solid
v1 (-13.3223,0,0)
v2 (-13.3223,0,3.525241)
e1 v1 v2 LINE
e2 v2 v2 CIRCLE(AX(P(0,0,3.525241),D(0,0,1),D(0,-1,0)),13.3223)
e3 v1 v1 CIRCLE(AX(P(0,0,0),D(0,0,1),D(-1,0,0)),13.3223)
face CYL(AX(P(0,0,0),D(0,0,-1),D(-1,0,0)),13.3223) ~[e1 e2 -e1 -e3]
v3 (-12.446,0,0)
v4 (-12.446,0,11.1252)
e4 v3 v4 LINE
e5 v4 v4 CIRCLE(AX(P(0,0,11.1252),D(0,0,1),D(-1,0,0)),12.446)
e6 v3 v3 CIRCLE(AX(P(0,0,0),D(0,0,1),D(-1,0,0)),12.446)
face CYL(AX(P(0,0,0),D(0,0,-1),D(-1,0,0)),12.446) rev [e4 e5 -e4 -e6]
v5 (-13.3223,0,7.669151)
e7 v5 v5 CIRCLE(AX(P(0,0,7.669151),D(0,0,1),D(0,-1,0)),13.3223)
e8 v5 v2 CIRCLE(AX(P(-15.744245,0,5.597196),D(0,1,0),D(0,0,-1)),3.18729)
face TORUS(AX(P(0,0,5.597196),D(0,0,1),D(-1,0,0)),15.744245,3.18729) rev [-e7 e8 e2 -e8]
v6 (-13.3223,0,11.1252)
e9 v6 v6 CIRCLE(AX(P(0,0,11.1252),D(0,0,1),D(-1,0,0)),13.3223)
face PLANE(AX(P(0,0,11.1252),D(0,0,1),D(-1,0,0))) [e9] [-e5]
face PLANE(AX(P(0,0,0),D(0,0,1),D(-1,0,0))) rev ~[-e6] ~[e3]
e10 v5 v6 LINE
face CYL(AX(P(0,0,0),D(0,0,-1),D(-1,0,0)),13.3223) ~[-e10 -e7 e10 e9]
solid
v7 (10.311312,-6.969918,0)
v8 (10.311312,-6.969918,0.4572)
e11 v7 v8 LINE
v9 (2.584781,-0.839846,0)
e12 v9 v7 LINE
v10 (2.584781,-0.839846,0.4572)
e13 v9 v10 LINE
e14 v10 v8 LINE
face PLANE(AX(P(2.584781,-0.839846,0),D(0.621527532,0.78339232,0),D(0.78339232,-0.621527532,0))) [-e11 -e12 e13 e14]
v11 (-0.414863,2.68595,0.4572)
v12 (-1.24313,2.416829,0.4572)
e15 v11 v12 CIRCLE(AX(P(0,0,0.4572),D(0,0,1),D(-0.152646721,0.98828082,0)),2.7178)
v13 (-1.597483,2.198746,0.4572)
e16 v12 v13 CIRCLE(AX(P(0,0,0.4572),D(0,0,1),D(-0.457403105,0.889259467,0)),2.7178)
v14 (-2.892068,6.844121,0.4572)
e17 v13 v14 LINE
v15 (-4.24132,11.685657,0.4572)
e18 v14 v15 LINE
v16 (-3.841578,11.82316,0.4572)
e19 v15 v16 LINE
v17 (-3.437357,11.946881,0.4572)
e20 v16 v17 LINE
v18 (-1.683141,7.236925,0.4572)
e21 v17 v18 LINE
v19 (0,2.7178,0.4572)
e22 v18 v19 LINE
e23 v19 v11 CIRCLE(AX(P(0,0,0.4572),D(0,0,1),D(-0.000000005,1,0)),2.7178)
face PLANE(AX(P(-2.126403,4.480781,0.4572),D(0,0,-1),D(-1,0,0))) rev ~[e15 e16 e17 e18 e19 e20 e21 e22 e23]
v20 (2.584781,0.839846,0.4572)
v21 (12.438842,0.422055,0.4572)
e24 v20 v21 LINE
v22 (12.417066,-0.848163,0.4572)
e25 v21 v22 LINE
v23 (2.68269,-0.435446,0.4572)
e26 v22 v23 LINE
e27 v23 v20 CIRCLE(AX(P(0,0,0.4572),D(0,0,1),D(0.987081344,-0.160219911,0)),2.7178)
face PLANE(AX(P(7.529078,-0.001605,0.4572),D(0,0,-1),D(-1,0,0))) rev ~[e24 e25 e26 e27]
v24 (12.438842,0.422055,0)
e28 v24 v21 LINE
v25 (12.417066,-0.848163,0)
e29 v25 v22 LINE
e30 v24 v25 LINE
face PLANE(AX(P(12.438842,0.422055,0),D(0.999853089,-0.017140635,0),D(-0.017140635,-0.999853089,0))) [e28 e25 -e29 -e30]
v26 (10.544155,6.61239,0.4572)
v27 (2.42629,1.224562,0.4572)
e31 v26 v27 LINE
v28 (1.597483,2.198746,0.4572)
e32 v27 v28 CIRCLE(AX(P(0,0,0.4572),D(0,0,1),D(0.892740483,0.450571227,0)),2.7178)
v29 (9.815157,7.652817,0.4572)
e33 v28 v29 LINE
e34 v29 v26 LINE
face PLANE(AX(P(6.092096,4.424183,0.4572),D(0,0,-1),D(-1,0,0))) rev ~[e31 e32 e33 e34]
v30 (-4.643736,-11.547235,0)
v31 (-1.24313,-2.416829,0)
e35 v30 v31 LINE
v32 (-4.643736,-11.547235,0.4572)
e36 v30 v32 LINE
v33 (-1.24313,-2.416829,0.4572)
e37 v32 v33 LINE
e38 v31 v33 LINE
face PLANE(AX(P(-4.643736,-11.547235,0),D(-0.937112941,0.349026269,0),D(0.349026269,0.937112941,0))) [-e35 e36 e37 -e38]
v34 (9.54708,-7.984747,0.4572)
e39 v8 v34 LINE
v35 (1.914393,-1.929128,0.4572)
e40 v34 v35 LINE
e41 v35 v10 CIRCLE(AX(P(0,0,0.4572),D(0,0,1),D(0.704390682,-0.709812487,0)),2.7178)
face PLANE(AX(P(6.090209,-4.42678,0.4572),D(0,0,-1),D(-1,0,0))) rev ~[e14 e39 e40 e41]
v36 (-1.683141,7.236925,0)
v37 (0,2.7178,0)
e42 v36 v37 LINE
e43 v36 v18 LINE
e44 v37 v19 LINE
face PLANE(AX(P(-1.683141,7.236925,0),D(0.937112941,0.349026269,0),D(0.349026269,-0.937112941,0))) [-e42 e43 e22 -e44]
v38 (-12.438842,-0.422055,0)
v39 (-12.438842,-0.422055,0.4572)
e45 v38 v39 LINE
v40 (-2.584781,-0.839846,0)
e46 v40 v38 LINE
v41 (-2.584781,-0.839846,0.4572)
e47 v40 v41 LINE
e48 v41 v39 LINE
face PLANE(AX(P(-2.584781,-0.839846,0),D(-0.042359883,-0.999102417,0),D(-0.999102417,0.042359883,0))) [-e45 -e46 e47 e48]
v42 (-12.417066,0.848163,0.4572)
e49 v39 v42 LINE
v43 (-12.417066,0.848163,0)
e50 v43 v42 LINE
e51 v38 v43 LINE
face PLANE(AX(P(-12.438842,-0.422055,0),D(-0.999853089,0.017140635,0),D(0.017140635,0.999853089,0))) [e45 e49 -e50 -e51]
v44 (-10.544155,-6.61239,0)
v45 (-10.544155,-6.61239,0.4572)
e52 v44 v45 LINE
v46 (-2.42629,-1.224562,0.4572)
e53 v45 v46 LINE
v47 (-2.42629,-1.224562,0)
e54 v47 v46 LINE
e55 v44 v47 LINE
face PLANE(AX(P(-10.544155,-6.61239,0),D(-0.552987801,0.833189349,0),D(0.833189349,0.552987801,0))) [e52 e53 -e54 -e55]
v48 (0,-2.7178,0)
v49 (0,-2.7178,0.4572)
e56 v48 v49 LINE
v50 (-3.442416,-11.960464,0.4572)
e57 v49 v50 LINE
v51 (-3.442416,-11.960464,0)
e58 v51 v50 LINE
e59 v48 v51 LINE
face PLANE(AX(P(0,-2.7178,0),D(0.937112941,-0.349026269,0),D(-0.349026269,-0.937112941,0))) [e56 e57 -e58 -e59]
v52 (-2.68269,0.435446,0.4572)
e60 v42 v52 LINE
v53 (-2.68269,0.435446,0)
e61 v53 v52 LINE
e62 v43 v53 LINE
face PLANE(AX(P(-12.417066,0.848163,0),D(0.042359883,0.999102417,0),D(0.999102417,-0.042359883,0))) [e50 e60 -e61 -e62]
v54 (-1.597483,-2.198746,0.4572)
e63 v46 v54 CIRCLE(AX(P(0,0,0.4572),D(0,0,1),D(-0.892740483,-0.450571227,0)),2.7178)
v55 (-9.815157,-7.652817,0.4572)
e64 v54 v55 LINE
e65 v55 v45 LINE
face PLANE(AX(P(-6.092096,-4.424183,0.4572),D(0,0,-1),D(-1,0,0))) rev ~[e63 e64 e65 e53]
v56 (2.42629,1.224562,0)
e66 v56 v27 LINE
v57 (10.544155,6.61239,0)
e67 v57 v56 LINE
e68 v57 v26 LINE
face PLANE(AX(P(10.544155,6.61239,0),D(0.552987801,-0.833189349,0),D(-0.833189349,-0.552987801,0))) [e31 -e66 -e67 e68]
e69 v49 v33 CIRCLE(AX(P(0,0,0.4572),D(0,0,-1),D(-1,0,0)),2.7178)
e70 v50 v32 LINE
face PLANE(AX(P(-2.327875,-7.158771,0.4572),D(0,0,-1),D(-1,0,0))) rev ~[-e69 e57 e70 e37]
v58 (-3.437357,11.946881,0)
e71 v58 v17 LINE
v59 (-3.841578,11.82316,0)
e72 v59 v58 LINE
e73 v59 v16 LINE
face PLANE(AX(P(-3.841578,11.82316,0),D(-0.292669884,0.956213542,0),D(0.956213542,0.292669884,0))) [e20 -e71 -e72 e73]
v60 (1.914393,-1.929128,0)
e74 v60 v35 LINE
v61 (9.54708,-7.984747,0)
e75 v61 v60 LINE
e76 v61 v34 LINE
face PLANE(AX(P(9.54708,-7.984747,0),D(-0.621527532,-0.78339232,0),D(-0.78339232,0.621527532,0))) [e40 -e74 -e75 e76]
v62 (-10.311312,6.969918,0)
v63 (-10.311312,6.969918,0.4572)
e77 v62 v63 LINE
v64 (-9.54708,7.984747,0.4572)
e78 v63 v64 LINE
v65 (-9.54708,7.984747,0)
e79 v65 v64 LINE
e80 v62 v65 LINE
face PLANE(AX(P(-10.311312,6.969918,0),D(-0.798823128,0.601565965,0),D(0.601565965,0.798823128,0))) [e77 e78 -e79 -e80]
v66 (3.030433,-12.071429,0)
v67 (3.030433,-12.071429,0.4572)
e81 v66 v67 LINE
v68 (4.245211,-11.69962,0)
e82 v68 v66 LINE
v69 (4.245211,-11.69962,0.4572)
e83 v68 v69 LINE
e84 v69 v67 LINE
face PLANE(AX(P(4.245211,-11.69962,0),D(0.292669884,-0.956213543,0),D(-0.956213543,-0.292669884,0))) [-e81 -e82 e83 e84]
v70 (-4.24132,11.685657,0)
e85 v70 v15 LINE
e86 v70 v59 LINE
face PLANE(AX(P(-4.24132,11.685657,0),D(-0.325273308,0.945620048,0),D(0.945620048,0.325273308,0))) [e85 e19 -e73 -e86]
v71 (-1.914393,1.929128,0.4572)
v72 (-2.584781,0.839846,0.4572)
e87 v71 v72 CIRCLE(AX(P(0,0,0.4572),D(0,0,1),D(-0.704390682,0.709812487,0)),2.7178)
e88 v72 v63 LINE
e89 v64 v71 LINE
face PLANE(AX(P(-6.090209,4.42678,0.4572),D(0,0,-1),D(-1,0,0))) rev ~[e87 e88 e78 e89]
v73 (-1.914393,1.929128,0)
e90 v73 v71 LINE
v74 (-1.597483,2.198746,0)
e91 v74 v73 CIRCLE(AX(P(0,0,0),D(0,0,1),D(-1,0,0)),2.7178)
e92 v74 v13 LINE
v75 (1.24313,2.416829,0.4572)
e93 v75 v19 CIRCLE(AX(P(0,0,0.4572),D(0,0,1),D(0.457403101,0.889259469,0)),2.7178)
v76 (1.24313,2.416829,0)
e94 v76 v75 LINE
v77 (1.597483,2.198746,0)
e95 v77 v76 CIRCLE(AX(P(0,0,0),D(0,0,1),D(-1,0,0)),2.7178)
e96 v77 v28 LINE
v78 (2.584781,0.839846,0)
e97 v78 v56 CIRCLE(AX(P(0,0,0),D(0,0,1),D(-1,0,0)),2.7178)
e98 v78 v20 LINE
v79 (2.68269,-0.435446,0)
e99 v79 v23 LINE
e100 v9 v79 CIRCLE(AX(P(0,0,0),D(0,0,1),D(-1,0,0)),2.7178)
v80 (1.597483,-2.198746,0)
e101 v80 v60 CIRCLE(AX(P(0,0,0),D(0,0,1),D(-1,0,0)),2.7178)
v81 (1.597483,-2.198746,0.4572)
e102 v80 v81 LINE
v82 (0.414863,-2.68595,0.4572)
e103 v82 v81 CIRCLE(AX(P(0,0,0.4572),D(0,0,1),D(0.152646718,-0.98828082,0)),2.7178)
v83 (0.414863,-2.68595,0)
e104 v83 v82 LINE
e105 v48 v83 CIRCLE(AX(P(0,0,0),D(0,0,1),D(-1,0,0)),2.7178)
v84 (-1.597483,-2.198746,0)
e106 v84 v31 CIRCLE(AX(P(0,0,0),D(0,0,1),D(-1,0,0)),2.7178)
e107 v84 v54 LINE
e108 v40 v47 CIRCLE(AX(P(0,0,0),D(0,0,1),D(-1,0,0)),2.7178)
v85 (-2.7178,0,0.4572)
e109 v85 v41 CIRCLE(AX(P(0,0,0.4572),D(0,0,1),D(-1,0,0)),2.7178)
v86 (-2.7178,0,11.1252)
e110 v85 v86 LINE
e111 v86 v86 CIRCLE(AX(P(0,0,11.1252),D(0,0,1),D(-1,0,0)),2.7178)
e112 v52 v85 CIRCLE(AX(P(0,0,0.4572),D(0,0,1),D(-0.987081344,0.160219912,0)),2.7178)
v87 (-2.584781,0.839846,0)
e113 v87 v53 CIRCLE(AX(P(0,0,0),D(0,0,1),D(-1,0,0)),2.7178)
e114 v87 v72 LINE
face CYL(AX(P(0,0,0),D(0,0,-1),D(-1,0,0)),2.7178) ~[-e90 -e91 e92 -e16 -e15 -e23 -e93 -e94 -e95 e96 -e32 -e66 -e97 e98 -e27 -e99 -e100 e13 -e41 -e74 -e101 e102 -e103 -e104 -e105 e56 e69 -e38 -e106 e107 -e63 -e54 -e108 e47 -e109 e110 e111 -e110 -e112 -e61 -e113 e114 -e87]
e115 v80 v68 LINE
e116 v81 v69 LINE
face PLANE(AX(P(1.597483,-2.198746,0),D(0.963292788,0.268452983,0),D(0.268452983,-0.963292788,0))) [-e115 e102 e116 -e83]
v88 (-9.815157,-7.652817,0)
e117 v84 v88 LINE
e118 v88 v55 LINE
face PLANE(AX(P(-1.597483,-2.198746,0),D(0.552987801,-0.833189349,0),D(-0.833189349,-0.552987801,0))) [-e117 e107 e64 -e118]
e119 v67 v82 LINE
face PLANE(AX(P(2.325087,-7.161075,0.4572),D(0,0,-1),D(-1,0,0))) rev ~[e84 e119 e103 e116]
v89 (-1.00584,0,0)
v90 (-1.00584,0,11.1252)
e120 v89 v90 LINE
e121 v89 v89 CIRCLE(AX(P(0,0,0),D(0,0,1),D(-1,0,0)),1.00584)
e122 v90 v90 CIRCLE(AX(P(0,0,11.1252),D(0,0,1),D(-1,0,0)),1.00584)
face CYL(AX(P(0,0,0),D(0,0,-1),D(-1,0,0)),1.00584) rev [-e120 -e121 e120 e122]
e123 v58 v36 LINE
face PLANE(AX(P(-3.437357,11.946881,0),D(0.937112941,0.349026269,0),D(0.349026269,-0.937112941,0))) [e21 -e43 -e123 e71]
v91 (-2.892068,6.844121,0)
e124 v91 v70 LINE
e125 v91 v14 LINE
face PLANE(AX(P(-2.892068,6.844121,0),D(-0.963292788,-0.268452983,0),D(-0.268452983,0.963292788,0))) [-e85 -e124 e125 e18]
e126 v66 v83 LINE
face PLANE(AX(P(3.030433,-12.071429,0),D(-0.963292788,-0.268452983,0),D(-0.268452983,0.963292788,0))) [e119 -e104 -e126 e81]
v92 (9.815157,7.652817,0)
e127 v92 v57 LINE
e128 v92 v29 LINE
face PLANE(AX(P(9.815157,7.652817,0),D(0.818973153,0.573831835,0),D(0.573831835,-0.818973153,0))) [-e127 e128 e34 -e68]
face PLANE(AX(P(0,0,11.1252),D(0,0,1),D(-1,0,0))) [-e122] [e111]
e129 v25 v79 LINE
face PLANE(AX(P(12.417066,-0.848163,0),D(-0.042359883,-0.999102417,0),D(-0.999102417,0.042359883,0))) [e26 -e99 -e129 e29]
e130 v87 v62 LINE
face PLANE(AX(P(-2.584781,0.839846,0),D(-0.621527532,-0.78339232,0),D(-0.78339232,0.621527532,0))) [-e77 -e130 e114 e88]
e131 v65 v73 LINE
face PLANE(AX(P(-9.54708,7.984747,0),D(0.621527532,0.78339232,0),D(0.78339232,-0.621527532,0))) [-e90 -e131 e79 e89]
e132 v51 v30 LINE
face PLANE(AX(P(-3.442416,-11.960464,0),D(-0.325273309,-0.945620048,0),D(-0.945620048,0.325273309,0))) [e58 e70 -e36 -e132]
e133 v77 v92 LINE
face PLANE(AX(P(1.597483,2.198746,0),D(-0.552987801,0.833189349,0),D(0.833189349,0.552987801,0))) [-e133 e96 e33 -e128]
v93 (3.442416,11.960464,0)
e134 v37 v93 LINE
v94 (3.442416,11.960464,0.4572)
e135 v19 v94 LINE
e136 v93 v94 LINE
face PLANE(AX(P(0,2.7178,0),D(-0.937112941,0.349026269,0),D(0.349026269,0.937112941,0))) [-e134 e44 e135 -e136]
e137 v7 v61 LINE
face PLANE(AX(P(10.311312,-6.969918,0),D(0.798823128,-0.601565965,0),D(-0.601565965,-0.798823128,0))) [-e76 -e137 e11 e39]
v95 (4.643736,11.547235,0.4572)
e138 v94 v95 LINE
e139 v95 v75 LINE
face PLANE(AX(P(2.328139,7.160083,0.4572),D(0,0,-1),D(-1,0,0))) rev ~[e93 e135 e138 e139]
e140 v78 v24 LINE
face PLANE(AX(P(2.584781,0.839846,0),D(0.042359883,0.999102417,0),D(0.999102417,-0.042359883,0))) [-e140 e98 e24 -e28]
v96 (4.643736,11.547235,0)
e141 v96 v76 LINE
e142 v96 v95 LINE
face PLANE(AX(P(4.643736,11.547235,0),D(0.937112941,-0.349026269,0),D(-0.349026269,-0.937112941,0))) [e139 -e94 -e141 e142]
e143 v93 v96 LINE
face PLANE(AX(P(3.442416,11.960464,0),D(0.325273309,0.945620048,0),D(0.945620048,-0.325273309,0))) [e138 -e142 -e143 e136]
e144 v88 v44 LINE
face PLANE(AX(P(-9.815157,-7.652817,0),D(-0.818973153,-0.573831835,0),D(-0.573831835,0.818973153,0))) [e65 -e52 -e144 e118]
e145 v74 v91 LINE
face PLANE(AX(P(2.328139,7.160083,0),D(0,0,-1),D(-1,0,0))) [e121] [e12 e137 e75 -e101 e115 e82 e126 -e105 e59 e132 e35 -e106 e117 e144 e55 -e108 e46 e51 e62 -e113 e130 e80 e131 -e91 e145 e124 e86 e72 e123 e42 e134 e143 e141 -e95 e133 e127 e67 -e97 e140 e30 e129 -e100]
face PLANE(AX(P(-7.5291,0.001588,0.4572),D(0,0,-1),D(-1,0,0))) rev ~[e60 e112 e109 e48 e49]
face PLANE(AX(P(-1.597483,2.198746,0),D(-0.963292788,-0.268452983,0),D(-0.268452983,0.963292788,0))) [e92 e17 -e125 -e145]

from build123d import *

# Parameters (mm, degrees)
SKETCH1_R             = 13.3223
SKETCH1_R_2           = 12.446
BOSS_EXTRUDE1_DEPTH   = 11.1252
SKETCH1_R_3           = 2.7178
SKETCH1_R_4           = 1.00584
BOSS_EXTRUDE1_2_DEPTH = 11.1252
BOSS_EXTRUDE2_DEPTH   = 0.4572
SKETCH5_R             = 3.187289882


with BuildPart() as part:
    # Sketch1 → Boss-Extrude1 (new body)
    with BuildSketch(Plane.XY):
        with Locations(Location((0, 0, 0), (0, 0, 180))):
            Circle(SKETCH1_R)
        with Locations(Location((0, 0, 0), (0, 0, 180))):
            Circle(SKETCH1_R_2, mode=Mode.SUBTRACT)
    extrude(amount=BOSS_EXTRUDE1_DEPTH)

    # Sketch5 → Cut-Revolve1 (revolve, cut)
    with BuildSketch(Plane(origin=(0, 0, 0), x_dir=(0, 0, -1), z_dir=(1, 0, 0)), mode=Mode.PRIVATE) as cut_revolve1_sk:
        with Locations((-5.597195997, 15.744244979)):
            Circle(SKETCH5_R)
    revolve(cut_revolve1_sk.sketch.rotate(Axis((0, 0, 11.606286755), (0, 0, -1)), 270), axis=Axis((0, 0, 11.606286755), (0, 0, -1)), mode=Mode.SUBTRACT)


with BuildPart() as body_2:
    # Sketch1 → Boss-Extrude1 2 (new body)
    with BuildSketch(Plane.XY):
        with Locations(Location((0, 0, 0), (0, 0, 180))):
            Circle(SKETCH1_R_3)
        with Locations(Location((0, 0, 0), (0, 0, 180))):
            Circle(SKETCH1_R_4, mode=Mode.SUBTRACT)
    extrude(amount=BOSS_EXTRUDE1_2_DEPTH)

    # Sketch2 → Boss-Extrude2 (add)
    with BuildSketch(Plane(origin=(0, 0, 0), x_dir=(-1, 0, 0), z_dir=(0, 0, -1))):
        with BuildLine():
            Line((0, 2.7178), (-3.442415798, 11.960463598))
            Line((-3.442415798, 11.960463598), (-4.643735623, 11.54723497))
            Line((-4.643735623, 11.54723497), (-1.243130148, 2.416829385))
            ThreePointArc((-1.243130148, 2.416829385), (-0.639522454, 2.641485921), (0, 2.7178))
        make_face()
        with BuildLine():
            ThreePointArc((-2.426290086, 1.224562477), (-2.070011002, 1.761105133), (-1.597482759, 2.198746387))
            Line((-1.597482759, 2.198746387), (-9.815156996, 7.652817073))
            Line((-9.815156996, 7.652817073), (-10.544155457, 6.612390014))
            Line((-10.544155457, 6.612390014), (-2.426290086, 1.224562477))
        make_face()
        with BuildLine():
            ThreePointArc((-2.682689677, -0.435445676), (-2.709825704, 0.208042043), (-2.5847814, 0.839846387))
            Line((-2.5847814, 0.839846387), (-12.438841826, 0.422054536))
            Line((-12.438841826, 0.422054536), (-12.417066289, -0.848163181))
            Line((-12.417066289, -0.848163181), (-2.682689677, -0.435445676))
        make_face()
        with BuildLine():
            ThreePointArc((-1.914392993, -1.929128381), (-2.314579091, -1.424486037), (-2.5847814, -0.839846387))
            Line((-2.5847814, -0.839846387), (-10.311311859, -6.969918489))
            Line((-10.311311859, -6.969918489), (-9.547079839, -7.984746868))
            Line((-9.547079839, -7.984746868), (-1.914392993, -1.929128381))
        make_face()
        with BuildLine():
            ThreePointArc((-0.414863253, -2.685949613), (-1.035241935, -2.512908868), (-1.597482759, -2.198746387))
            Line((-1.597482759, -2.198746387), (-4.245211231, -11.69961955))
            Line((-4.245211231, -11.69961955), (-3.030433384, -12.071428644))
            Line((-3.030433384, -12.071428644), (-0.414863253, -2.685949613))
        make_face()
        with BuildLine():
            Line((10.544155457, -6.612390014), (2.426290086, -1.224562477))
            ThreePointArc((2.426290086, -1.224562477), (2.070011002, -1.761105133), (1.597482759, -2.198746387))
            Line((1.597482759, -2.198746387), (9.815156996, -7.652817073))
            Line((9.815156996, -7.652817073), (10.544155457, -6.612390014))
        make_face()
        with BuildLine():
            Line((12.417066289, 0.848163181), (2.682689677, 0.435445676))
            ThreePointArc((2.682689677, 0.435445676), (2.709008199, 0.218429435), (2.7178, 0))
            ThreePointArc((2.7178, 0), (2.684339372, -0.425157589), (2.5847814, -0.839846387))
            Line((2.5847814, -0.839846387), (12.438841826, -0.422054536))
            Line((12.438841826, -0.422054536), (12.417066289, 0.848163181))
        make_face()
        with BuildLine():
            Line((9.547079839, 7.984746868), (1.914392993, 1.929128381))
            ThreePointArc((1.914392993, 1.929128381), (2.314579091, 1.424486037), (2.5847814, 0.839846387))
            Line((2.5847814, 0.839846387), (10.311311859, 6.969918489))
            Line((10.311311859, 6.969918489), (9.547079839, 7.984746868))
        make_face()
        with BuildLine():
            Line((2.892067949, 6.844120647), (1.243130148, 2.416829385))
            ThreePointArc((1.243130148, 2.416829385), (1.424486037, 2.314579091), (1.597482759, 2.198746387))
            Line((1.597482759, 2.198746387), (2.892067949, 6.844120647))
        make_face()
        with BuildLine():
            Line((3.437356932, 11.946880871), (1.683141062, 7.236924804))
            Line((1.683141062, 7.236924804), (0.414863253, 2.685949613))
            ThreePointArc((0.414863253, 2.685949613), (0.839846387, 2.5847814), (1.243130148, 2.416829385))
            Line((1.243130148, 2.416829385), (2.892067949, 6.844120647))
            Line((2.892067949, 6.844120647), (4.241320213, 11.685657366))
            Line((4.241320213, 11.685657366), (3.84157767, 11.823160351))
            Line((3.84157767, 11.823160351), (3.437356932, 11.946880871))
        make_face()
        with BuildLine():
            Line((1.683141062, 7.236924804), (0, 2.7178))
            ThreePointArc((0, 2.7178), (0.208042043, 2.709825704), (0.414863253, 2.685949613))
            Line((0.414863253, 2.685949613), (1.683141062, 7.236924804))
        make_face()
        Polygon((4.643735623, -11.54723497), (1.243130148, -2.416829385), (0, -2.712359299), (0, -2.7178), (3.442415798, -11.960463598), align=None)
    extrude(amount=-BOSS_EXTRUDE2_DEPTH)


solid = Compound([part.part, body_2.part])
